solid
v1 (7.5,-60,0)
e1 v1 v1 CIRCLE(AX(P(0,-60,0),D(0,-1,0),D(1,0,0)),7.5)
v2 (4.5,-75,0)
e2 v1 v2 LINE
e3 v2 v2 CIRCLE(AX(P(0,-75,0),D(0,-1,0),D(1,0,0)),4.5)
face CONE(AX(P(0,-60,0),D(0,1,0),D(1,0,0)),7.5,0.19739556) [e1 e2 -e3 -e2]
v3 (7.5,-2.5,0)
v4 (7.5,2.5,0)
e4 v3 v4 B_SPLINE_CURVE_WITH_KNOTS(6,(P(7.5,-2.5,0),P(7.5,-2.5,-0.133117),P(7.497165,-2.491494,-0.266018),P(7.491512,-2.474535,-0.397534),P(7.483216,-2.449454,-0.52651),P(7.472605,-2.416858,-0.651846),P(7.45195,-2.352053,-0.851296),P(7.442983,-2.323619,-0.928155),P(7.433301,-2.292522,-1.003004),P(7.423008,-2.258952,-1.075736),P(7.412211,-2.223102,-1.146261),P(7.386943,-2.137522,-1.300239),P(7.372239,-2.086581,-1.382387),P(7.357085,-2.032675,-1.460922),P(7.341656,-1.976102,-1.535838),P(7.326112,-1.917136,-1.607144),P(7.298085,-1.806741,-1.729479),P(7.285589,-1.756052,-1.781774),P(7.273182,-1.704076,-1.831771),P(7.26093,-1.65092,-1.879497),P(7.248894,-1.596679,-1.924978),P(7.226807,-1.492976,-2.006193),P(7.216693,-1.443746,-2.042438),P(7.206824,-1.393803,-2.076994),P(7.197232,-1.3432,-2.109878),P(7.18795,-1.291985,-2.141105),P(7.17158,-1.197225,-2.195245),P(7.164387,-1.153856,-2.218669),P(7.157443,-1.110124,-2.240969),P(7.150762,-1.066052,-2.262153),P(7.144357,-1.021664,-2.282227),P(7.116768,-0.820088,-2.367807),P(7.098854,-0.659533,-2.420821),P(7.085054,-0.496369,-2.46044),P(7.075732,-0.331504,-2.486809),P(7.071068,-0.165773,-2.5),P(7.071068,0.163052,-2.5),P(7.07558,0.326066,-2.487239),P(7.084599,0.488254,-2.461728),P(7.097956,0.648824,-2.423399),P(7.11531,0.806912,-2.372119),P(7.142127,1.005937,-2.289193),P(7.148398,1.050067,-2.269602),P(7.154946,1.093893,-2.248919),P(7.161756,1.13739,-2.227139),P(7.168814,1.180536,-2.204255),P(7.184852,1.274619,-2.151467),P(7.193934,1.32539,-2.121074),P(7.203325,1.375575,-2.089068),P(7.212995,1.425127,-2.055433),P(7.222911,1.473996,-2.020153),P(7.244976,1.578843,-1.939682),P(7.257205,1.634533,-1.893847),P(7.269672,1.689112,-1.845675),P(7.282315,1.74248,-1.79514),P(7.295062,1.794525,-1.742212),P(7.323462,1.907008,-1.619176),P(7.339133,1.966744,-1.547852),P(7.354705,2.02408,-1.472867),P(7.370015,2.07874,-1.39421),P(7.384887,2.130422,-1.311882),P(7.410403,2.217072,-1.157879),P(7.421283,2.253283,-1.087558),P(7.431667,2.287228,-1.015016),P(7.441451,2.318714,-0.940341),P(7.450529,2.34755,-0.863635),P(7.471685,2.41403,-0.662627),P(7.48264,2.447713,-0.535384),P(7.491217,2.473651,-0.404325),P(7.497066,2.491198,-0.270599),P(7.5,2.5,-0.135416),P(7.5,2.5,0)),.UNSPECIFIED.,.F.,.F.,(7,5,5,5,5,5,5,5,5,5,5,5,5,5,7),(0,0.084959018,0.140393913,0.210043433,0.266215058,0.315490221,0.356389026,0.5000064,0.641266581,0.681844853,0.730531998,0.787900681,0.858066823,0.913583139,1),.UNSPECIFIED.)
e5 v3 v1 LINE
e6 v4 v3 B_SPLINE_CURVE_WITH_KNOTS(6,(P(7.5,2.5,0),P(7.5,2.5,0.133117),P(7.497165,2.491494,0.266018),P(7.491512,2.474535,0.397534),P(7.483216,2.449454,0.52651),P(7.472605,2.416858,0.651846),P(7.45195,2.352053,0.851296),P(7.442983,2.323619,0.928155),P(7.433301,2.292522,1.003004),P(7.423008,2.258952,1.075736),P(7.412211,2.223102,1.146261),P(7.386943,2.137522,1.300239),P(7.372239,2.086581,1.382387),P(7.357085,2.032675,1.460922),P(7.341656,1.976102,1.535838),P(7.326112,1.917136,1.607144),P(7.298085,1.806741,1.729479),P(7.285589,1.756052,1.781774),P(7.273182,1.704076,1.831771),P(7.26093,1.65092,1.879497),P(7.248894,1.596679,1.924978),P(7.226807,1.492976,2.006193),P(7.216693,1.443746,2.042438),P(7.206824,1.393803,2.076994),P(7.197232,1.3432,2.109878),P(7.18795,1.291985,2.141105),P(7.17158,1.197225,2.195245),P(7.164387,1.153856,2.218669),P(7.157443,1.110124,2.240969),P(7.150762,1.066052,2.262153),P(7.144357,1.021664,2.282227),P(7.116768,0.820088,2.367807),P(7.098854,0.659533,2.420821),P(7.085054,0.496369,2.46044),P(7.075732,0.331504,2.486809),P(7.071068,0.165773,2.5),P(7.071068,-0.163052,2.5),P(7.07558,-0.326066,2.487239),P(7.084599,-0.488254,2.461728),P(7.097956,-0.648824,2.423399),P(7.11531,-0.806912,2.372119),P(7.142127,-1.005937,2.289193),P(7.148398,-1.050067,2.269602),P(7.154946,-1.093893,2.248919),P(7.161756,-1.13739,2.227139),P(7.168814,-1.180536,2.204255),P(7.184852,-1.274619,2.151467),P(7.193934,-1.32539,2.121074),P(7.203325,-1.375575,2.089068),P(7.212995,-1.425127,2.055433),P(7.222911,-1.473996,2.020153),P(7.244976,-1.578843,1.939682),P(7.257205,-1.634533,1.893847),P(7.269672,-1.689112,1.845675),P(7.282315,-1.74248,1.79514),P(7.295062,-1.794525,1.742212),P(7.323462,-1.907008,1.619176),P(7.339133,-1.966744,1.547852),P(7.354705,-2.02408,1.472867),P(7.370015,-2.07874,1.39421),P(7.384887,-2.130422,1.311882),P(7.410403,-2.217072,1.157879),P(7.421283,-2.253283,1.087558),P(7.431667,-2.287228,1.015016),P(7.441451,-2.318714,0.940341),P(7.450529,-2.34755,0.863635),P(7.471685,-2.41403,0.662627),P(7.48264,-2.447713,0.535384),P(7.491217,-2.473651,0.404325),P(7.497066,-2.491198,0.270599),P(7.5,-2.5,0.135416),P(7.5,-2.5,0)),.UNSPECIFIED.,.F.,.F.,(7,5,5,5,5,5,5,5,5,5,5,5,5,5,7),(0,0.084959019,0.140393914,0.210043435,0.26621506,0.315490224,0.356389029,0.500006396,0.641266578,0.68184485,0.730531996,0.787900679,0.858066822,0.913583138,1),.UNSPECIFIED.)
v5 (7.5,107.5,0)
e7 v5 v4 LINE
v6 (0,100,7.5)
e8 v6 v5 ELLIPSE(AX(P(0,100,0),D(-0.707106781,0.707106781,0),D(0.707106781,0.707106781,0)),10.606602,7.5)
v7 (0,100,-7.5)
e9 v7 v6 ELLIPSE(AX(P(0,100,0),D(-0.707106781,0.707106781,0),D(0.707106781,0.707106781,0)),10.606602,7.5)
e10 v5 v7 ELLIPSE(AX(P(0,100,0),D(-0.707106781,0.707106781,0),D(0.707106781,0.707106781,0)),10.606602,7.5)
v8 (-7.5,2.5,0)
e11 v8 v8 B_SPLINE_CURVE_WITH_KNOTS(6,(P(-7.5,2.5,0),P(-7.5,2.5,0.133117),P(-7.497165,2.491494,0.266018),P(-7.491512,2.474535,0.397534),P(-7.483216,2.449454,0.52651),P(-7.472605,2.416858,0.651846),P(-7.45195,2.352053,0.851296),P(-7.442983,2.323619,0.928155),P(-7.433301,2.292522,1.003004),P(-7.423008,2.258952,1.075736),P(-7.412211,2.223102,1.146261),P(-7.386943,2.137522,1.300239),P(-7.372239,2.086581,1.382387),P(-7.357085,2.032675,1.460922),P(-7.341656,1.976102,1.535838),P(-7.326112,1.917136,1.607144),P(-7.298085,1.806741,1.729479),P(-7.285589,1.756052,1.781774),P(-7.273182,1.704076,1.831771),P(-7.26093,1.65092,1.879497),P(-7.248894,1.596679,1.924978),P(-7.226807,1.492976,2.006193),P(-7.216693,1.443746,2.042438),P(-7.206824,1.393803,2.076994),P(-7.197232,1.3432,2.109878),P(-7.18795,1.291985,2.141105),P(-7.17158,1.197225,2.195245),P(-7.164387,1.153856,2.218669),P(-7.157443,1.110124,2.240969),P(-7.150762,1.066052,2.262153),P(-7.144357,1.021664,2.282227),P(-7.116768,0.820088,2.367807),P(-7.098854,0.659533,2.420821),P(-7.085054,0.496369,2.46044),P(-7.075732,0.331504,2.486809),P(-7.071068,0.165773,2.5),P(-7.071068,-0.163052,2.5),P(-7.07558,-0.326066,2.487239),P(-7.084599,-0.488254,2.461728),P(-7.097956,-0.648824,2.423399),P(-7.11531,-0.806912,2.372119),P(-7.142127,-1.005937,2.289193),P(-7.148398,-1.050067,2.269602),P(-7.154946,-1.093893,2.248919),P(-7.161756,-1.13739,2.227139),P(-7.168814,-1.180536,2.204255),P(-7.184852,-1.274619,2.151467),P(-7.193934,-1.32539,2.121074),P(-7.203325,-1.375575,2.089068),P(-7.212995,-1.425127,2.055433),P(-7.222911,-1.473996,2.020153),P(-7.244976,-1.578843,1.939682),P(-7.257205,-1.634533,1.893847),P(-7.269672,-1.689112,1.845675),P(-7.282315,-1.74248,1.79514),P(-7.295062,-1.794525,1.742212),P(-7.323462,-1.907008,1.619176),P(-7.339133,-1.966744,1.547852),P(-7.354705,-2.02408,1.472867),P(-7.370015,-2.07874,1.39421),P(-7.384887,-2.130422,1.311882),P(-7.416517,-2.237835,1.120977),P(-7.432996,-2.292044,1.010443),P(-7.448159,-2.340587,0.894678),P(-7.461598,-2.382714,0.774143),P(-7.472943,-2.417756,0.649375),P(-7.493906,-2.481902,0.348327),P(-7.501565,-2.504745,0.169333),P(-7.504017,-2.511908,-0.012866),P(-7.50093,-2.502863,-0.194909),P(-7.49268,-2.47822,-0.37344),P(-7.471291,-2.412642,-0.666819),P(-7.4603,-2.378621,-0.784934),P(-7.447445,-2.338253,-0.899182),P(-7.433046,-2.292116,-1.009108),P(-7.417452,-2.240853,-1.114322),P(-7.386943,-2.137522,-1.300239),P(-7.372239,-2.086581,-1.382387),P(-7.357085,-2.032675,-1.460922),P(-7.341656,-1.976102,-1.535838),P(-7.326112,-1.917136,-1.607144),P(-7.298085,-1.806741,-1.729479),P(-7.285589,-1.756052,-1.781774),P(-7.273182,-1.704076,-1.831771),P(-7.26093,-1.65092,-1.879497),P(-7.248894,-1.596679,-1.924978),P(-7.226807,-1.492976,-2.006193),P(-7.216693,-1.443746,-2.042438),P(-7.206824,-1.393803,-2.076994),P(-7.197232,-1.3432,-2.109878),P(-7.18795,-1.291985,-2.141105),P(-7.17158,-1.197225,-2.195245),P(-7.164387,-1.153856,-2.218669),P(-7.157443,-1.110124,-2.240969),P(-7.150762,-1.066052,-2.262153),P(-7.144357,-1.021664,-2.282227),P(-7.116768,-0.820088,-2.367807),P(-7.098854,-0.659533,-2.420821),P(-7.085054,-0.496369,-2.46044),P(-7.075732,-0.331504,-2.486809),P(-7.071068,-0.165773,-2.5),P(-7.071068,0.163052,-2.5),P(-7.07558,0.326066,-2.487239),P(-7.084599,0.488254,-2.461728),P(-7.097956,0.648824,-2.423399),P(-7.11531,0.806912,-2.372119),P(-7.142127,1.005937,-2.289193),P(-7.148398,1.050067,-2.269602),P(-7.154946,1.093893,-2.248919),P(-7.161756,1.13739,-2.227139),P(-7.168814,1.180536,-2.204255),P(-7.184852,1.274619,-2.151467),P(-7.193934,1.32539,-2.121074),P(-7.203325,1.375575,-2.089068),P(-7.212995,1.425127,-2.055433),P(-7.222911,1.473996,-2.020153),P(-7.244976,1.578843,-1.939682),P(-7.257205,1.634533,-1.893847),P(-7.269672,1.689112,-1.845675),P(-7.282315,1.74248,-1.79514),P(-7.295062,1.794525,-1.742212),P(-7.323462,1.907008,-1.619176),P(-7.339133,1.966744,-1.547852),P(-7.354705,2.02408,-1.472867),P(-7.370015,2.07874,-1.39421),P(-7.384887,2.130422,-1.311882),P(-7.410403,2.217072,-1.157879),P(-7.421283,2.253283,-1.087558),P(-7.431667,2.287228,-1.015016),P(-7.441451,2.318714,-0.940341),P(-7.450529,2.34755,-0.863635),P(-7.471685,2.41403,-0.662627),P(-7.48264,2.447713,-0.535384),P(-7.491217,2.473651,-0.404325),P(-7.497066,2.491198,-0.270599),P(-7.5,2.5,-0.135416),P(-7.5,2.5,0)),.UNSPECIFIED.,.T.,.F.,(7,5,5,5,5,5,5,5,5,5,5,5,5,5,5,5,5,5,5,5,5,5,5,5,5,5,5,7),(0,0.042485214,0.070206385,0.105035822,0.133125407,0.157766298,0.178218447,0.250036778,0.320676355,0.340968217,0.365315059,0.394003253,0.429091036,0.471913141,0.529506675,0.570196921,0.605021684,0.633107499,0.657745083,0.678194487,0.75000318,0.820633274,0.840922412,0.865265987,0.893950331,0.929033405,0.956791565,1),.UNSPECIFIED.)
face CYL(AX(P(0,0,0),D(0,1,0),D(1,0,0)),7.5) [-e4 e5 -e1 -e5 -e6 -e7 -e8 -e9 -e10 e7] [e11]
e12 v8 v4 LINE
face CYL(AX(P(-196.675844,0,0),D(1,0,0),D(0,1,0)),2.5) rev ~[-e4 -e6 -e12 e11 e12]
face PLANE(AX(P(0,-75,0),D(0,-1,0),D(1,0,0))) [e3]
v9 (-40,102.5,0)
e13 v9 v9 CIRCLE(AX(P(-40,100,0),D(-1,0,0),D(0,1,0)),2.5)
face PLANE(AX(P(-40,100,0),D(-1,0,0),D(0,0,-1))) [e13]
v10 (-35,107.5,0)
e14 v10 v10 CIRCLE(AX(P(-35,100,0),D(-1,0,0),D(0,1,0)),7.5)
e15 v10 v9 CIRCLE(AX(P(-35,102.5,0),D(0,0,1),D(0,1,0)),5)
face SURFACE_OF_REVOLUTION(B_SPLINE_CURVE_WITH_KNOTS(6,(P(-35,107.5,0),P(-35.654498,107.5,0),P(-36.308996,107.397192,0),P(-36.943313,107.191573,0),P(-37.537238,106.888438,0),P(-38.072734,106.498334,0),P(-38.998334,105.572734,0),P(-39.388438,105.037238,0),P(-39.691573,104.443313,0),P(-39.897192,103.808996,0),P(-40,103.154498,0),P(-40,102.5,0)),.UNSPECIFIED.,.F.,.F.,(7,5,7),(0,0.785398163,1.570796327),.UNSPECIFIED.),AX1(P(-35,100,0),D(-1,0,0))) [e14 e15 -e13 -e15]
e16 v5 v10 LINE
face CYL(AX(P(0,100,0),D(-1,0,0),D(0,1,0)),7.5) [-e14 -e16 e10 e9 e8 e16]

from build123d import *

# Parameters (mm, degrees)
F0_R      = 7.5
F1_DEPTH  = 75
F1_FACE_R = 7.5
F4_R      = 2.5
F5_DEPTH  = 7.5
F7_D      = 5
F8_SIZE2  = 3
F8_SIZE   = 15
F9_R      = 5


with BuildPart() as f1:
    # F0 (on Front) → F1 (new body)
    with BuildSketch(Plane.XZ):
        Circle(F0_R)
    extrude(amount=F1_DEPTH)

    # F3: sweep along a path in F2
    with BuildLine(Plane.XY) as f3_path:
        Line((0, 0), (0, 100))
        Line((0, 100), (-40, 100))
    # F1_face (on face) → F3 (sweep)
    with BuildSketch(Plane(origin=(0, 0, 0), x_dir=(1, 0, 0), z_dir=(0, 1, 0))):
        Circle(F1_FACE_R)
    sweep(path=f3_path.line, transition=Transition.RIGHT)

    # F4 (on Right) → F5 (join, symmetric)
    with BuildSketch(Plane.YZ):
        Circle(F4_R)
    extrude(amount=F5_DEPTH, both=True)

    # F7 (through all)
    with Locations(Plane(origin=(-7.5, 0, 0), x_dir=(0, -1, 0), z_dir=(-1, 0, 0))):
        with Locations((0, 0)):
            Hole(F7_D / 2)

    # F8
    f8_edges = [f1.edges().sort_by_distance(p)[0] for p in [
        (-7.5, -75, 0),
    ]]
    f8_side = f1.faces().sort_by_distance((-7.5, 16.25, 0))[0]
    chamfer(f8_edges, length=F8_SIZE, length2=F8_SIZE2, reference=f8_side)

    # F9
    f9_edges = [f1.edges().sort_by_distance(p)[0] for p in [
        (-40, 92.5, 0),
    ]]
    fillet(f9_edges, radius=F9_R)


solid = f1.part
